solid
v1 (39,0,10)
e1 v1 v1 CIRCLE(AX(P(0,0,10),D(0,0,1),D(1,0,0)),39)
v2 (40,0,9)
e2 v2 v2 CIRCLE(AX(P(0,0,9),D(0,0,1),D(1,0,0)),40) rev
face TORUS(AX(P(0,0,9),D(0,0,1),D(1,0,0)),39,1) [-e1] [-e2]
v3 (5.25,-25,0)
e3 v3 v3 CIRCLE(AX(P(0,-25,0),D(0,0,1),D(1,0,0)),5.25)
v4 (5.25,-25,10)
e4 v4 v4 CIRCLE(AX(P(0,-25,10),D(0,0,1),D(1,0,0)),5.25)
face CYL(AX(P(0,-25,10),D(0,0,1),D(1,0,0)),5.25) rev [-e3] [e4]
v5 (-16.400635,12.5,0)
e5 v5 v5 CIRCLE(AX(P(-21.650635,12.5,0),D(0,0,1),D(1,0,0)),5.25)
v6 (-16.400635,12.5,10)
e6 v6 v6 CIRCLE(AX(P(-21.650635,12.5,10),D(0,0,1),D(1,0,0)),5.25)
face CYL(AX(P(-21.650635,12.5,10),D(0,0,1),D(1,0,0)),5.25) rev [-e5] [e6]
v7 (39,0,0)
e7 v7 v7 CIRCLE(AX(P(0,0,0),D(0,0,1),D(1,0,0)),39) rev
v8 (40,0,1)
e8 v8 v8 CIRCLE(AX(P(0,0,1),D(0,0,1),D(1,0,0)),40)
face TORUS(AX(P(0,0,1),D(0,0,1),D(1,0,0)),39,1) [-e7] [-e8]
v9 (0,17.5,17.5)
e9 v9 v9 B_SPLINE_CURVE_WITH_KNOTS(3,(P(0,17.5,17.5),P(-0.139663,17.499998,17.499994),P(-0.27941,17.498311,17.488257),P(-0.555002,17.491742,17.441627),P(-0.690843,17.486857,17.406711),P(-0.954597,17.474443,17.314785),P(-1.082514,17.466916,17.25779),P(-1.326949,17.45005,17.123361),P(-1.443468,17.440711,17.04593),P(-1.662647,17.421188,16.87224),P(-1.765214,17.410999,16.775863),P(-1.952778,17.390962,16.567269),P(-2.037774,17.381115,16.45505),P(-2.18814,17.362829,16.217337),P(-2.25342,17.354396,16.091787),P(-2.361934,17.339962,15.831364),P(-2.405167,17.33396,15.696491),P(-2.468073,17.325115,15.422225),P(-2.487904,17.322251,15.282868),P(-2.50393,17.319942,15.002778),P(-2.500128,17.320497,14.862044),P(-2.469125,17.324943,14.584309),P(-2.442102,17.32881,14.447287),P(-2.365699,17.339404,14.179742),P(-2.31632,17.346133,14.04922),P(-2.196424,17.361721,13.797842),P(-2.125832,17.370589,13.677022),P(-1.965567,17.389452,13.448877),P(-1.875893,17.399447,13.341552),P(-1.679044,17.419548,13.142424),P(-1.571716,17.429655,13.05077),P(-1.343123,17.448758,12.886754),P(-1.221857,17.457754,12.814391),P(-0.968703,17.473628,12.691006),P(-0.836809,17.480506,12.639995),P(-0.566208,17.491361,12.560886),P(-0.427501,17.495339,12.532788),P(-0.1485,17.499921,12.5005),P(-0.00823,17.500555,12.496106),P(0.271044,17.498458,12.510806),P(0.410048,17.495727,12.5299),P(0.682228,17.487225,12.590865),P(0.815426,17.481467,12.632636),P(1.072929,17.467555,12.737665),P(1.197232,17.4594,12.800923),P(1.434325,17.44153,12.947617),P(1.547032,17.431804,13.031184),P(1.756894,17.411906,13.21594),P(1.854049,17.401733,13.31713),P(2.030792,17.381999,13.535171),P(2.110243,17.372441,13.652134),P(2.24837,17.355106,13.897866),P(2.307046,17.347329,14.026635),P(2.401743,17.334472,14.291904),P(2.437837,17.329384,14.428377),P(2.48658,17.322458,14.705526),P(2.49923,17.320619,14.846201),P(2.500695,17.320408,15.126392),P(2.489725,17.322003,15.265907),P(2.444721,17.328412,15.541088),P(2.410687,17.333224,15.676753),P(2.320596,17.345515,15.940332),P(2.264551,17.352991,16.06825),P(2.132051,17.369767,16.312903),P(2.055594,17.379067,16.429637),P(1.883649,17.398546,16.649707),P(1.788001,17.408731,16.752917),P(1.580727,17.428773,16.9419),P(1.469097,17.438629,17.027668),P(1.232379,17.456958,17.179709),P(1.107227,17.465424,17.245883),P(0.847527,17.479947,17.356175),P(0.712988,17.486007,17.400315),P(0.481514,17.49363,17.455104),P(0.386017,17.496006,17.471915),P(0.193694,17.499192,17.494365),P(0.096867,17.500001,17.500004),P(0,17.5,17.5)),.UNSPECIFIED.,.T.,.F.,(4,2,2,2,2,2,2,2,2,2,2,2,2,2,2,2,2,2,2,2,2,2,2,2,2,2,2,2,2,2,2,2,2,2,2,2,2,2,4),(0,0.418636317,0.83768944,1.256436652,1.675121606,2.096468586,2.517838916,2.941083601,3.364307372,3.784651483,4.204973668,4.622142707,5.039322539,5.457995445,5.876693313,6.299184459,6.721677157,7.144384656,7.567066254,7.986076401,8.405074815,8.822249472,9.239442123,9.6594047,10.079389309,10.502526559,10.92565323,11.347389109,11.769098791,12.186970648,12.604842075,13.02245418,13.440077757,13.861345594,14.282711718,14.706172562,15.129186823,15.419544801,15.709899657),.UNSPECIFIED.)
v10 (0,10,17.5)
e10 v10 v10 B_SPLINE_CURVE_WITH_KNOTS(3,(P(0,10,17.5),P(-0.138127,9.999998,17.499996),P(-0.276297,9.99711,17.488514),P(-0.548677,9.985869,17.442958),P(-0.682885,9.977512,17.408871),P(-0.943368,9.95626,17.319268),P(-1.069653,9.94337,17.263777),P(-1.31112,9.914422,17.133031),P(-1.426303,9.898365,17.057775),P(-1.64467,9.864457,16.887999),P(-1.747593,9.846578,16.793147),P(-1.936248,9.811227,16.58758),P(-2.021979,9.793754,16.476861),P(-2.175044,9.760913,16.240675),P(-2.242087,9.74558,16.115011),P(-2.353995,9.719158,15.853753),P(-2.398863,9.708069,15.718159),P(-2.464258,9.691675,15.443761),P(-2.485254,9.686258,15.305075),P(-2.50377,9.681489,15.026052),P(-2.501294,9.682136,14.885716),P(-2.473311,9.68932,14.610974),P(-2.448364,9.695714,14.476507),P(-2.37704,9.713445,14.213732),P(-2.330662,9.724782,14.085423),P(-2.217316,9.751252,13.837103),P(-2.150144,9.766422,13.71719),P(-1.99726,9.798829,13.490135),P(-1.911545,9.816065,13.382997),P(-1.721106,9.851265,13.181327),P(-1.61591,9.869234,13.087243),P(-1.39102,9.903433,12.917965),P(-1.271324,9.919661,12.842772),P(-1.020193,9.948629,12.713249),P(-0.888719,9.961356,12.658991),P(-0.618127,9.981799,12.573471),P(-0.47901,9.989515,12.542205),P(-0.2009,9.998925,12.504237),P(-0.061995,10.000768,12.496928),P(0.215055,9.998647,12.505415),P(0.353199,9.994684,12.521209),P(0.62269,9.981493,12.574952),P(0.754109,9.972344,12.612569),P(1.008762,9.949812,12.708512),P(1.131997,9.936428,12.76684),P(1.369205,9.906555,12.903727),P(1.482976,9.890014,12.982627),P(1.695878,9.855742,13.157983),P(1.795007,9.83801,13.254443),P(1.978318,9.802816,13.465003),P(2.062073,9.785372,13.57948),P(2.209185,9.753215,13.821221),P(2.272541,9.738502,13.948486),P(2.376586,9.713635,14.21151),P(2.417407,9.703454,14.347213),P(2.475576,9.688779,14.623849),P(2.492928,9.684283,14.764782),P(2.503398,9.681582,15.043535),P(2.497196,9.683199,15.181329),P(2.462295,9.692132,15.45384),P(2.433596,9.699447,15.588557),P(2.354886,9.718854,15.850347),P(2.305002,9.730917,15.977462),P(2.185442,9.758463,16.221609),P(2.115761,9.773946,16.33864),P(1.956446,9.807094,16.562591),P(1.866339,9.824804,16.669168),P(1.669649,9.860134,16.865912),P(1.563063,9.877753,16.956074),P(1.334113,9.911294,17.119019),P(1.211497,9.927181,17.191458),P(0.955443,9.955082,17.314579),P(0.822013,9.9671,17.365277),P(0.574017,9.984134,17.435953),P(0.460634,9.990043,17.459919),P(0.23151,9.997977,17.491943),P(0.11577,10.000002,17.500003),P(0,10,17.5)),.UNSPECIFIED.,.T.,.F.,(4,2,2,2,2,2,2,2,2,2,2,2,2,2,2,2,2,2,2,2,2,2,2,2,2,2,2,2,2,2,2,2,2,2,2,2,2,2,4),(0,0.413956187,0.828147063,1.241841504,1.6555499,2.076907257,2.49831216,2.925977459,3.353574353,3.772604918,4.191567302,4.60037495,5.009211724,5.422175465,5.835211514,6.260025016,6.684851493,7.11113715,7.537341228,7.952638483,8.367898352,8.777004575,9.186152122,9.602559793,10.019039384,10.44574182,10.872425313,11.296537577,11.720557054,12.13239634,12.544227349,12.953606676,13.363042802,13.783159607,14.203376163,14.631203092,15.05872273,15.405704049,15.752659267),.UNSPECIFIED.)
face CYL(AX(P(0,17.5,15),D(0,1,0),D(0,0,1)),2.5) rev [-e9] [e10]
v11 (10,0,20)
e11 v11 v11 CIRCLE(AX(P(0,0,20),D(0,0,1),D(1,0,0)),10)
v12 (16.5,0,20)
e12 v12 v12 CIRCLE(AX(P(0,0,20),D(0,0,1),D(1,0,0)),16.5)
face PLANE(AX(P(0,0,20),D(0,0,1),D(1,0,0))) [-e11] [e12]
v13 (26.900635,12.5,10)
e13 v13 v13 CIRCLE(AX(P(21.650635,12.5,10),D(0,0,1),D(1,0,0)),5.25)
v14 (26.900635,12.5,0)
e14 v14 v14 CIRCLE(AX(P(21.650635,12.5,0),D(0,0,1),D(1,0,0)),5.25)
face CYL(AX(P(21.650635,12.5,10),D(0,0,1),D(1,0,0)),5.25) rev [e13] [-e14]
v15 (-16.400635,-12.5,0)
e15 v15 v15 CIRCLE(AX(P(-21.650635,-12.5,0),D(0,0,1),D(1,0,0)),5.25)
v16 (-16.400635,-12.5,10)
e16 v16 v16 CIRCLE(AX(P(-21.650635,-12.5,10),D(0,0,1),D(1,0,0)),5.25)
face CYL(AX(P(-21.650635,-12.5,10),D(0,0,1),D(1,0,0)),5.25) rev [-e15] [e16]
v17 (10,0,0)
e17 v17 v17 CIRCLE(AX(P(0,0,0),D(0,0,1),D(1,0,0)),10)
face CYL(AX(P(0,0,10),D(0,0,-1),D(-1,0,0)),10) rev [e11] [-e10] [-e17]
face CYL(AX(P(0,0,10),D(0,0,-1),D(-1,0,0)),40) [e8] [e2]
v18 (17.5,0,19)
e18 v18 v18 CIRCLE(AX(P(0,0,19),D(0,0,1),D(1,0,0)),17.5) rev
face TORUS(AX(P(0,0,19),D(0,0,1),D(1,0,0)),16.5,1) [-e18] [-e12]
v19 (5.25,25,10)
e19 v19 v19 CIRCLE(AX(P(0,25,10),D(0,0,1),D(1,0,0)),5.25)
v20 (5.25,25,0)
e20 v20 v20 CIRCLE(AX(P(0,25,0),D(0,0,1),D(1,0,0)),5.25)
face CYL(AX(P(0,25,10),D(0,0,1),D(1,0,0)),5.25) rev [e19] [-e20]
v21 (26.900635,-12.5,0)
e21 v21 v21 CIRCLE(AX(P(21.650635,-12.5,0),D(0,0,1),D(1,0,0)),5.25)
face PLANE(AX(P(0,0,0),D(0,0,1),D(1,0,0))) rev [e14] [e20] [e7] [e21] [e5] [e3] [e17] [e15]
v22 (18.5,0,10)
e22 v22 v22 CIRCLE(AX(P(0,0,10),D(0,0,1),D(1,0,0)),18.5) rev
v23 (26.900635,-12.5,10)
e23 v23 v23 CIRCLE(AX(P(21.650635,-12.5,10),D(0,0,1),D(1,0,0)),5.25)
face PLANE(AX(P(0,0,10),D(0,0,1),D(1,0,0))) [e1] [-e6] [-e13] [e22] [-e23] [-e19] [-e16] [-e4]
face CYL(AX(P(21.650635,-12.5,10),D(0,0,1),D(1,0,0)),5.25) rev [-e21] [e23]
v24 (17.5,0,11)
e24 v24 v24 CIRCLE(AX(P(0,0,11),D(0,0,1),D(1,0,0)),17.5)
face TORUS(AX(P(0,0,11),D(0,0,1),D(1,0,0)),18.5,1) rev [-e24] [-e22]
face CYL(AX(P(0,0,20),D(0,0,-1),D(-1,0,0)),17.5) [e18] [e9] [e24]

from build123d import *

# Parameters (mm, degrees)
SKETCH1_R                  = 40
SKETCH1_R_2                = 10
BOSS_EXTRUDE1_DEPTH        = 10
M12X1_5_TAPPED_HOLE1_D     = 10.5
CIRPATTERN1_COUNT          = 6
SKETCH5_R                  = 17.5
SKETCH5_R_2                = 10
BOSS_EXTRUDE2_DEPTH        = 10
M6X1_0_TAPPED_HOLE1_REACH  = 74.844
M6X1_0_TAPPED_HOLE1_BORE_R = 2.5
FILLET1_R                  = 1


with BuildPart() as part:
    # Sketch1 → Boss-Extrude1 (new body)
    with BuildSketch(Plane.XY):
        Circle(SKETCH1_R)
        Circle(SKETCH1_R_2, mode=Mode.SUBTRACT)
    extrude(amount=BOSS_EXTRUDE1_DEPTH)

    # M12x1.5 Tapped Hole1 (through all)
    with Locations(Plane.XY.offset(10)):
        with Locations((0, 25)):
            m12x1_5_tapped_hole1 = Hole(M12X1_5_TAPPED_HOLE1_D / 2)

    # CirPattern1: M12x1.5 Tapped Hole1 ×6 about axis
    cirpattern1_axis = Axis((0, 0, 0), (0, 0, 1))
    for i in range(1, CIRPATTERN1_COUNT):
        add(m12x1_5_tapped_hole1.rotate(cirpattern1_axis, i * 360 / CIRPATTERN1_COUNT), mode=Mode.SUBTRACT)

    # Sketch5 → Boss-Extrude2 (add)
    with BuildSketch(Plane.XY.offset(10)):
        Circle(SKETCH5_R)
        Circle(SKETCH5_R_2, mode=Mode.SUBTRACT)
    extrude(amount=BOSS_EXTRUDE2_DEPTH)

    # M6x1.0 Tapped Hole1 bore → M6x1.0 Tapped Hole1 (cut, up to next)
    with BuildSketch(Plane(origin=(0, 17.5, 0), x_dir=(1, 0, 0), z_dir=(0, 1, 0)), mode=Mode.PRIVATE) as m6x1_0_tapped_hole1_sk1:
        with Locations((0, -15)):
            Circle(M6X1_0_TAPPED_HOLE1_BORE_R)
    m6x1_0_tapped_hole1_tool1 = extrude(m6x1_0_tapped_hole1_sk1.sketch, amount=-M6X1_0_TAPPED_HOLE1_REACH, mode=Mode.PRIVATE) & part.part
    add(m6x1_0_tapped_hole1_tool1.solids().sort_by_distance((0, 17.5, 15))[0], mode=Mode.SUBTRACT)

    # Fillet1
    fillet1_edges = [part.edges().sort_by_distance(p)[0] for p in [
        (-40, 0, 0),
        (-17.5, 0, 10),
        (-17.5, 0, 20),
        (-40, 0, 10),
    ]]
    fillet(fillet1_edges, radius=FILLET1_R)


solid = part.part
